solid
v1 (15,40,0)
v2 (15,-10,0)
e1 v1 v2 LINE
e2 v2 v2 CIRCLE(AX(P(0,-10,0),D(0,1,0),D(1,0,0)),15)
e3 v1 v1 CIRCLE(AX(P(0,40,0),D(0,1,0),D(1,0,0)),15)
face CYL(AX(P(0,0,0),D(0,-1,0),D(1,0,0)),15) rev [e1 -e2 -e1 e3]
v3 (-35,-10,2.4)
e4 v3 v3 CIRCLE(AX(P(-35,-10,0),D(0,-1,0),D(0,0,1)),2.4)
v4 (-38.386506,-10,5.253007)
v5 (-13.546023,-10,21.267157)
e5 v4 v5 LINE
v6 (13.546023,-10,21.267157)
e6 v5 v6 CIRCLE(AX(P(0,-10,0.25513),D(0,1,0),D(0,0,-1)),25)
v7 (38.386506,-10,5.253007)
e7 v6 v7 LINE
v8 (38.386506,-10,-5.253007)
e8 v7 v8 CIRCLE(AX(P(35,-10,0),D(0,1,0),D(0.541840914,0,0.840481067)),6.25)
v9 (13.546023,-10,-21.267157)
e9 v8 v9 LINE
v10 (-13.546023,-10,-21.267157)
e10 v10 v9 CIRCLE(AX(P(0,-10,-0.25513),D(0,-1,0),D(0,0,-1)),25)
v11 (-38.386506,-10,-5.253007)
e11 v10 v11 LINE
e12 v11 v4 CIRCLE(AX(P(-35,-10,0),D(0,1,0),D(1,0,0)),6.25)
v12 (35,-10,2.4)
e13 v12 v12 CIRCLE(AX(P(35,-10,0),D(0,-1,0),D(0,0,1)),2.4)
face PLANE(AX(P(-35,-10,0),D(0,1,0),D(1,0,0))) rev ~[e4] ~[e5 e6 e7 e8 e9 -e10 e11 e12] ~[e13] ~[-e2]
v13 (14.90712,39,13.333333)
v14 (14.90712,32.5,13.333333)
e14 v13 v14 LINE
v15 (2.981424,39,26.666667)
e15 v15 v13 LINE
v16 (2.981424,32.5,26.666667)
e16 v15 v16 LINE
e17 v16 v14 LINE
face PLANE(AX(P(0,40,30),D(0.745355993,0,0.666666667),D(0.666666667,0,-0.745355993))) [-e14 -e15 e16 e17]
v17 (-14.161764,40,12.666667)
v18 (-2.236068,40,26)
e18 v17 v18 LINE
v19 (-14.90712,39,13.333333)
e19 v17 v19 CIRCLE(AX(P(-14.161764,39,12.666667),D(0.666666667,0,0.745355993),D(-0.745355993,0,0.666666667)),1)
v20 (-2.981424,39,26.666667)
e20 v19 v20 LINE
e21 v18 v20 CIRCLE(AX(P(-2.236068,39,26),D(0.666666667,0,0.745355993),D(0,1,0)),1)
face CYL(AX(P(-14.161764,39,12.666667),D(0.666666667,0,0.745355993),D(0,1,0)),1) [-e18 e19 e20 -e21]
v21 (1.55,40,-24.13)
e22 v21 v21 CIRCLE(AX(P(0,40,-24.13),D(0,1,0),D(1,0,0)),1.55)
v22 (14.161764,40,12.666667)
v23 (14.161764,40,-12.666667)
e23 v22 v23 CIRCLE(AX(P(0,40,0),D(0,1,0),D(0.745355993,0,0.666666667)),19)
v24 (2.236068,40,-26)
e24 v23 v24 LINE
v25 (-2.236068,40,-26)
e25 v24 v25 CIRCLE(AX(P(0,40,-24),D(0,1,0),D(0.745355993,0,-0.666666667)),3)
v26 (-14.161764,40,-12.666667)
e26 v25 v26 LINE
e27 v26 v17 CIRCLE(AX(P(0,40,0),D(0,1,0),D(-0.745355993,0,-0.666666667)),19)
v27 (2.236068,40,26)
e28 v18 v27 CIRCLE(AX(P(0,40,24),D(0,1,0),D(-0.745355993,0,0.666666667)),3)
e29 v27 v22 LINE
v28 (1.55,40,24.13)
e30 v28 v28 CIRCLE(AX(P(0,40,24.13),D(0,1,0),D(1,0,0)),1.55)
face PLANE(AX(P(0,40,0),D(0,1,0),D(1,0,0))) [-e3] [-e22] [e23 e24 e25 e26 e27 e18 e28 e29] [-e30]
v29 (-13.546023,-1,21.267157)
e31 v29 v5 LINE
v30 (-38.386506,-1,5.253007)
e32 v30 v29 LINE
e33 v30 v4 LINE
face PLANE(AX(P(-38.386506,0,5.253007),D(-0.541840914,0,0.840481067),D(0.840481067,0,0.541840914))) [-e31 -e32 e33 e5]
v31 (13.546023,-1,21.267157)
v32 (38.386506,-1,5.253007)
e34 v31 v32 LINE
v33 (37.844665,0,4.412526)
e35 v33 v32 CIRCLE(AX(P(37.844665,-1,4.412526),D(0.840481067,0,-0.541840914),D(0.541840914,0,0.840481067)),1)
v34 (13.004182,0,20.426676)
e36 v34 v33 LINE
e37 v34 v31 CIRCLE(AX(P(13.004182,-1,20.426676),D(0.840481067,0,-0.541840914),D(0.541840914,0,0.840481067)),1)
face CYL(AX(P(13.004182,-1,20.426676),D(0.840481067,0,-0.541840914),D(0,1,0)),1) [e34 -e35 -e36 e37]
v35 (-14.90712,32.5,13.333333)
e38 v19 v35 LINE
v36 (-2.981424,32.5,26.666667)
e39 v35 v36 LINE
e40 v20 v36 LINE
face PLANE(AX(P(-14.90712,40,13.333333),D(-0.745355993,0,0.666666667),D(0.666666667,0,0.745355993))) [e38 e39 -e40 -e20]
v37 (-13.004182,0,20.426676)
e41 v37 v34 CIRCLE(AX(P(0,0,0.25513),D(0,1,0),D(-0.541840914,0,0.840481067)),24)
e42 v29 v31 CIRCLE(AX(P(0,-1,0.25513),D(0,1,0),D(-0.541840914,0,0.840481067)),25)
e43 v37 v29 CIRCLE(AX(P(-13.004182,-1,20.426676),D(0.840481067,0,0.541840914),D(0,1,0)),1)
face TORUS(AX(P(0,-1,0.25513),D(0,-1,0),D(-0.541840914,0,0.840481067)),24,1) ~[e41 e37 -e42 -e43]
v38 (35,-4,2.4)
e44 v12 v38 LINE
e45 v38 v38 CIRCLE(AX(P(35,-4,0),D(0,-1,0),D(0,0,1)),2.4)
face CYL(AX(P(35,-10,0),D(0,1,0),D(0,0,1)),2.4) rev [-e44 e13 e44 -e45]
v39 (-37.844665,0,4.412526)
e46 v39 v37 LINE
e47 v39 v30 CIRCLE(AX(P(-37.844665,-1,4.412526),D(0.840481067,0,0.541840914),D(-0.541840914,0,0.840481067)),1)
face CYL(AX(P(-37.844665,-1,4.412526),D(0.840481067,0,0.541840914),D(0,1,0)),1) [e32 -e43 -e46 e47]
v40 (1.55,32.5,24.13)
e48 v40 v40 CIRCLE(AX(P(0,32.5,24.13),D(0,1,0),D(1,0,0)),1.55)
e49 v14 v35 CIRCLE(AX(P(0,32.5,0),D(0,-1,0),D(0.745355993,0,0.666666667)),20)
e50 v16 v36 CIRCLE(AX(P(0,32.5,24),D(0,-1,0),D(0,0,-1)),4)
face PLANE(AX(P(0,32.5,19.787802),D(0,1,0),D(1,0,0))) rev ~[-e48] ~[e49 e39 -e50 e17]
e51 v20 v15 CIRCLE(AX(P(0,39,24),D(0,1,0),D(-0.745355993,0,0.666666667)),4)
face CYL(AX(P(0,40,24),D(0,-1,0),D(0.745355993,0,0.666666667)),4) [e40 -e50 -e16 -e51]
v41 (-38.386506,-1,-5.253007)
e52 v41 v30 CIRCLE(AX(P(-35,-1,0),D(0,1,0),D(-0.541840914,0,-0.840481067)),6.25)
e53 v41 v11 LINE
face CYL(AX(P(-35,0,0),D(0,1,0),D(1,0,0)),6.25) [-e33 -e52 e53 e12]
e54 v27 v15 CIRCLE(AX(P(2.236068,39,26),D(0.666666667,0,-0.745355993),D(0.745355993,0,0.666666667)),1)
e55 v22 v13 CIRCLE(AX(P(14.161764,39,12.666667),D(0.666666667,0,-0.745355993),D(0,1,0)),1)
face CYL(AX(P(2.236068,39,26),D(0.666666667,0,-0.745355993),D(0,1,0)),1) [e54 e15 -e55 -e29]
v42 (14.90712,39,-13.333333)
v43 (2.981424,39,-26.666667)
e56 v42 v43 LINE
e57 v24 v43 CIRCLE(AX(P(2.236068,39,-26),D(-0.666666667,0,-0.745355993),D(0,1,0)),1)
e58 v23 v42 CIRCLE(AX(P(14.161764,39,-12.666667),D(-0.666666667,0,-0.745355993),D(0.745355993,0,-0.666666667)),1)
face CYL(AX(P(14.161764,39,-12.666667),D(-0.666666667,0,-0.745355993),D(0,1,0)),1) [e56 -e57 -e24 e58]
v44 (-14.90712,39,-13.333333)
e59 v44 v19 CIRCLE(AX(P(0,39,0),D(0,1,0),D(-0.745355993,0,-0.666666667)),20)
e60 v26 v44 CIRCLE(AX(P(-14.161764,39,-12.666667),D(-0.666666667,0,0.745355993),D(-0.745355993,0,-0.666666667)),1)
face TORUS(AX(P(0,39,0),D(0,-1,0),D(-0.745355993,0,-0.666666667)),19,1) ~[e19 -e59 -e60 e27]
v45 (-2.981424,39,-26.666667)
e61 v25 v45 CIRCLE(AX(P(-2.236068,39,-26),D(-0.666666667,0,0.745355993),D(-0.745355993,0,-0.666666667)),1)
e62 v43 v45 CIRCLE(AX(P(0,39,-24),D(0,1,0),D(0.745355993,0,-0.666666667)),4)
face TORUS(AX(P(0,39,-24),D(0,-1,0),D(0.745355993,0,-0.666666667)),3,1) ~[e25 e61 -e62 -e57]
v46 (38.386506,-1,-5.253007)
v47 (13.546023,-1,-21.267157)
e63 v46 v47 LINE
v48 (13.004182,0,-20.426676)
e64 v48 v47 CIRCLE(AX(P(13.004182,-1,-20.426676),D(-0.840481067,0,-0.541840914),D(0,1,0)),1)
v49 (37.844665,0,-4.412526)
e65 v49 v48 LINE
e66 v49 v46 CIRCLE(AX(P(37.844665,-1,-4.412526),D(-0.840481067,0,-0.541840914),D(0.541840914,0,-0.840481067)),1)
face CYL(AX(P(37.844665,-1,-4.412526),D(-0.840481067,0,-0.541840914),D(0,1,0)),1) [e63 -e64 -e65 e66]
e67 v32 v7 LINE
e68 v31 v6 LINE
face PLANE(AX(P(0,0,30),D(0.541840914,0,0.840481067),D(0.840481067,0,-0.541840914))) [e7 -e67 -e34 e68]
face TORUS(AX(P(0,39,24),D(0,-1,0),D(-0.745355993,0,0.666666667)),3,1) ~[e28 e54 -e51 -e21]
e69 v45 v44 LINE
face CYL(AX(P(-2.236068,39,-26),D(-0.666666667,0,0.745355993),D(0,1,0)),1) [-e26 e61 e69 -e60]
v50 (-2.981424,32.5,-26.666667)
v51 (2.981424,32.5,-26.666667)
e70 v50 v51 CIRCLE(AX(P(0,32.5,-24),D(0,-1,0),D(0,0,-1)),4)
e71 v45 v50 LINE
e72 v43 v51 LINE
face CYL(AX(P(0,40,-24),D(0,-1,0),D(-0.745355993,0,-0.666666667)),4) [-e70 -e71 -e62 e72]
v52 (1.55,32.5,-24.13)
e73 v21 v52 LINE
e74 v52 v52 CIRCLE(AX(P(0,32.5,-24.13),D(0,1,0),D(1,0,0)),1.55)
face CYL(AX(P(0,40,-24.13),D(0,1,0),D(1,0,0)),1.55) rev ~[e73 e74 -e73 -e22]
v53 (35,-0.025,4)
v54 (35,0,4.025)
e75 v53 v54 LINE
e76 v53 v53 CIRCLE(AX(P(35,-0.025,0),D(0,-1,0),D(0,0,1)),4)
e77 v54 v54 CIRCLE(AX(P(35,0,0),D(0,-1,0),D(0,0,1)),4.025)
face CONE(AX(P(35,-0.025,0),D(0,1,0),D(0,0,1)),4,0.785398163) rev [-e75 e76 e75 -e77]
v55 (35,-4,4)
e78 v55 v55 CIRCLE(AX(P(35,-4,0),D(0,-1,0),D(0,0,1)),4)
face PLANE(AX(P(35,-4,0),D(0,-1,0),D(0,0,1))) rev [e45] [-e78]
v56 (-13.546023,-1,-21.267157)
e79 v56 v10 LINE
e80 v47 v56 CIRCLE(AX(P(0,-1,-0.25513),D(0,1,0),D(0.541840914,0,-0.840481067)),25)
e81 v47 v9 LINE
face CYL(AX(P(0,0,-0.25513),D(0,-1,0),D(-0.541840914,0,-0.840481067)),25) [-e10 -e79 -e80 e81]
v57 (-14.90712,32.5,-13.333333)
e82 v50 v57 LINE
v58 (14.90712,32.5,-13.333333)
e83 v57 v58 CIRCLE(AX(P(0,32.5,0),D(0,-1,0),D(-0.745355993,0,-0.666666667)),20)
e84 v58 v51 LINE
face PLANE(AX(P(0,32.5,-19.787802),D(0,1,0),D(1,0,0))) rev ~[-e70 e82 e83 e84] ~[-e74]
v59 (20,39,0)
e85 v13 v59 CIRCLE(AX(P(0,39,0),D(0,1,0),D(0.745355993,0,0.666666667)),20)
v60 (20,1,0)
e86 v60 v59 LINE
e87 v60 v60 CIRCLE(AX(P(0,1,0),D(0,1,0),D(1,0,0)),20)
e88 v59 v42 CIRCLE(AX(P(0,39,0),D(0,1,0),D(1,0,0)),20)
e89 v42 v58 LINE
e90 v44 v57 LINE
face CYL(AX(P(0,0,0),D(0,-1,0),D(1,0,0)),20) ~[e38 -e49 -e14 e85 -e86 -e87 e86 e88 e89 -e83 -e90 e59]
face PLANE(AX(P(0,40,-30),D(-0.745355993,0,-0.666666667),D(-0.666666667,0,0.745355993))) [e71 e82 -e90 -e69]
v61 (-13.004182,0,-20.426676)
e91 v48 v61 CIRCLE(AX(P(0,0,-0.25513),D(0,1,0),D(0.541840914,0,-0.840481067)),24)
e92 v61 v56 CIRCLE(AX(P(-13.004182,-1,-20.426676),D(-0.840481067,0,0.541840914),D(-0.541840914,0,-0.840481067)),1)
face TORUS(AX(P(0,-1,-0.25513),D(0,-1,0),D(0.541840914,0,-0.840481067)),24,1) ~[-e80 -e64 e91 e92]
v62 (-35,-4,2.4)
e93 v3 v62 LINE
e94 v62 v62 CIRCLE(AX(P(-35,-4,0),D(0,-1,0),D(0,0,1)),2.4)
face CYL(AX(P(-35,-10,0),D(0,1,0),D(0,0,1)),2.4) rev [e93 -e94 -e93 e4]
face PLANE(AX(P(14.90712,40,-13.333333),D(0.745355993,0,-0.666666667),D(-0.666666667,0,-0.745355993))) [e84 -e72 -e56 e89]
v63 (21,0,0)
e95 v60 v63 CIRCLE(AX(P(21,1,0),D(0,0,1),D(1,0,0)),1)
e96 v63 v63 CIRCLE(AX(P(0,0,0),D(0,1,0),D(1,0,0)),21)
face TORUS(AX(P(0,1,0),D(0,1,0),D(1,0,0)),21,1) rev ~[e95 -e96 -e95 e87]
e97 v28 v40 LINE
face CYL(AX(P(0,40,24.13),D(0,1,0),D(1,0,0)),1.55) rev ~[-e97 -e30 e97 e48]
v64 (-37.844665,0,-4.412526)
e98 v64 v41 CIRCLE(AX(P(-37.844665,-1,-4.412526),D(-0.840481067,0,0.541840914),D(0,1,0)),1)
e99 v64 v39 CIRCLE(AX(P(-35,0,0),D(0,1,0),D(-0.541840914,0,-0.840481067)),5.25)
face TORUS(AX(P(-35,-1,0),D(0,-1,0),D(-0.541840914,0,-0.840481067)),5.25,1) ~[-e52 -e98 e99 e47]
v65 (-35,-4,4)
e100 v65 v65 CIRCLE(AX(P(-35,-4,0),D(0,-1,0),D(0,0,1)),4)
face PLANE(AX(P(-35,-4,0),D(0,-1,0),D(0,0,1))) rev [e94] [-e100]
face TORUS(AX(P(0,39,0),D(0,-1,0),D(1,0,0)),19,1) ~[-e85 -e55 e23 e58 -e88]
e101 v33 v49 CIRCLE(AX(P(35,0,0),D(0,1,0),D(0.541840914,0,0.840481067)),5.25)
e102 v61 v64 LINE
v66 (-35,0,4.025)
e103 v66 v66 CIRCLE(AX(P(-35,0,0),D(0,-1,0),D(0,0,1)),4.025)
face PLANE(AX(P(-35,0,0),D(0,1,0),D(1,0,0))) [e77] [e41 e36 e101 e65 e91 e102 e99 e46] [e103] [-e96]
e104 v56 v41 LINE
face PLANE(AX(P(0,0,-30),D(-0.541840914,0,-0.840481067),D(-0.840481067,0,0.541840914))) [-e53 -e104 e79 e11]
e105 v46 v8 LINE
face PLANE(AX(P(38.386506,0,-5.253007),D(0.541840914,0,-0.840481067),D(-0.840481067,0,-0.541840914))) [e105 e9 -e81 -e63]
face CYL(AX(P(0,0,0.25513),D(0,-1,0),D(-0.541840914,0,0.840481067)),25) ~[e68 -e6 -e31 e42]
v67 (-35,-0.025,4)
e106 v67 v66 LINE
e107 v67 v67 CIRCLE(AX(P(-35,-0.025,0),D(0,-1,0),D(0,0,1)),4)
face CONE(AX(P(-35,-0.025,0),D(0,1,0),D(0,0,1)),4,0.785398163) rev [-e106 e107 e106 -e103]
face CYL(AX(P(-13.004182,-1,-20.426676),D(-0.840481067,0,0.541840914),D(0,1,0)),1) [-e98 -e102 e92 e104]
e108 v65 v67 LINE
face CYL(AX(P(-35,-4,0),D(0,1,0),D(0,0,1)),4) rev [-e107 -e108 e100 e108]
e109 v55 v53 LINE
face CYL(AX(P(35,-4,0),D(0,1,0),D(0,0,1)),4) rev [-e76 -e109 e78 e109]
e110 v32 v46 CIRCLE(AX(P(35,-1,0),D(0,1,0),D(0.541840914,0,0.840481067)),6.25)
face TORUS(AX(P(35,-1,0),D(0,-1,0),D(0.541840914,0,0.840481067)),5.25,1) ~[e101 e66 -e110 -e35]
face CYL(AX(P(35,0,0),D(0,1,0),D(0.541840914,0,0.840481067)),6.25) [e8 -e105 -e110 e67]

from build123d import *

# Parameters (mm, degrees)
SKETCH1_R                     = 6.25
SKETCH1_R_2                   = 20
SKETCH1_R_3                   = 15
SKETCH1_R_4                   = 1.55
BOSS_EXTRUDE1_DEPTH           = 10
SKETCH1_3_R                   = 20
SKETCH1_3_R_2                 = 15
BOSS_EXTRUDE2_DEPTH           = 40
BOSS_EXTRUDE3_START           = 40
SKETCH1_4_R                   = 1.55
BOSS_EXTRUDE3_DEPTH           = 7.5
CBORE_FOR_M4_SHCS1_AT_2_COUNT = 2
CBORE_FOR_M4_SHCS1_AT_2_PITCH = 70
FILLET1_R                     = 25
FILLET3_R                     = 4
FILLET2_R                     = 1


with BuildPart() as part:
    # Sketch1 → Boss-Extrude1 (new body)
    with BuildSketch(Plane(origin=(0, 0, 0), x_dir=(1, 0, 0), z_dir=(0, 1, 0))):
        with Locations((-35, 0)):
            Circle(SKETCH1_R)
        with BuildLine():
            Line((0, 30), (-38.386505715, 5.253006667))
            ThreePointArc((-38.386505715, 5.253006667), (-32.008609079, 5.487629758), (-28.75, 0))
            ThreePointArc((-28.75, 0), (-32.008609079, -5.487629758), (-38.386505715, -5.253006667))
            Line((-38.386505715, -5.253006667), (0, -30))
            Line((0, -30), (-14.90711985, -13.333333333))
            ThreePointArc((-14.90711985, -13.333333333), (-20, 0), (-14.90711985, 13.333333333))
            Line((-14.90711985, 13.333333333), (0, 30))
        make_face()
        Circle(SKETCH1_R_2)
        Circle(SKETCH1_R_3, mode=Mode.SUBTRACT)
        with BuildLine():
            Line((14.90711985, 13.333333333), (0, 30))
            Line((0, 30), (-14.90711985, 13.333333333))
            ThreePointArc((-14.90711985, 13.333333333), (0, 20), (14.90711985, 13.333333333))
        make_face()
        with Locations((0, 24.13)):
            Circle(SKETCH1_R_4, mode=Mode.SUBTRACT)
        with Locations((0, 24.13)):
            Circle(SKETCH1_R_4)
        with BuildLine():
            Line((38.386505715, 5.253006667), (0, 30))
            Line((0, 30), (14.90711985, 13.333333333))
            ThreePointArc((14.90711985, 13.333333333), (18.683447179, 7.136441795), (20, 0))
            ThreePointArc((20, 0), (18.683447179, -7.136441795), (14.90711985, -13.333333333))
            Line((14.90711985, -13.333333333), (0, -30))
            Line((0, -30), (38.386505715, -5.253006667))
            ThreePointArc((38.386505715, -5.253006667), (28.75, 0), (38.386505715, 5.253006667))
        make_face()
        with BuildLine():
            Line((-14.90711985, -13.333333333), (0, -30))
            Line((0, -30), (14.90711985, -13.333333333))
            ThreePointArc((14.90711985, -13.333333333), (0, -20), (-14.90711985, -13.333333333))
        make_face()
        with Locations((0, -24.13)):
            Circle(SKETCH1_R_4, mode=Mode.SUBTRACT)
        with Locations((0, -24.13)):
            Circle(SKETCH1_R_4)
        with Locations((35, 0)):
            Circle(SKETCH1_R)
    extrude(amount=-BOSS_EXTRUDE1_DEPTH)

    # Sketch1<3> → Boss-Extrude2 (add)
    with BuildSketch(Plane(origin=(0, 0, 0), x_dir=(1, 0, 0), z_dir=(0, 1, 0))):
        Circle(SKETCH1_3_R)
        Circle(SKETCH1_3_R_2, mode=Mode.SUBTRACT)
    extrude(amount=BOSS_EXTRUDE2_DEPTH)

    # Sketch1<4> → Boss-Extrude3 (add)
    with BuildSketch(Plane(origin=(0, 0, 0), x_dir=(1, 0, 0), z_dir=(0, 1, 0)).offset(BOSS_EXTRUDE3_START)):
        with BuildLine():
            Line((14.90711985, 13.333333333), (0, 30))
            Line((0, 30), (-14.90711985, 13.333333333))
            ThreePointArc((-14.90711985, 13.333333333), (0, 20), (14.90711985, 13.333333333))
        make_face()
        with Locations((0, 24.13)):
            Circle(SKETCH1_4_R, mode=Mode.SUBTRACT)
        with BuildLine():
            Line((-14.90711985, -13.333333333), (0, -30))
            Line((0, -30), (14.90711985, -13.333333333))
            ThreePointArc((14.90711985, -13.333333333), (0, -20), (-14.90711985, -13.333333333))
        make_face()
        with Locations((0, -24.13)):
            Circle(SKETCH1_4_R, mode=Mode.SUBTRACT)
    extrude(amount=-BOSS_EXTRUDE3_DEPTH)

    # Sketch3 → CBORE for M4 SHCS1 (revolve, cut)
    with BuildSketch(Plane(origin=(-35, 0, 0), x_dir=(0, 0, 1), z_dir=(1, 0, 0))):
        Polygon((0, 0), (0, 11.442065486), (2.4, 10), (2.4, 4), (4, 4), (4, 0.025), (4.025, 0), align=None)
    cbore_for_m4_shcs1 = revolve(axis=Axis((-35, 6.35, 0), (0, -1, 0)), mode=Mode.SUBTRACT)

    # CBORE for M4 SHCS1 at 2: CBORE for M4 SHCS1 ×2
    with Locations(*[(i * CBORE_FOR_M4_SHCS1_AT_2_PITCH, 0, 0) for i in range(1, CBORE_FOR_M4_SHCS1_AT_2_COUNT)]):
        add(cbore_for_m4_shcs1, mode=Mode.SUBTRACT)

    # Fillet1
    fillet1_edges = [part.edges().sort_by_distance(p)[0] for p in [
        (0, -5, -30),
        (0, -5, 30),
    ]]
    fillet(fillet1_edges, radius=FILLET1_R)

    # Fillet3
    fillet3_edges = [part.edges().sort_by_distance(p)[0] for p in [
        (0, 36.25, -30),
        (0, 36.25, 30),
    ]]
    fillet(fillet3_edges, radius=FILLET3_R)

    # Fillet2
    fillet2_edges = [part.edges().sort_by_distance(p)[0] for p in [
        (41.25, 0, 0),
        (-25.966264287, 0, 13.260081708),
        (-20, 0, 0),
        (-20, 40, 0),
        (-8.94427191, 40, -20),
        (8.94427191, 40, -20),
        (18.683447179, 40, 7.136441795),
        (8.94427191, 40, 20),
        (-8.94427191, 40, 20),
        (25.966264287, 0, -13.260081708),
        (25.966264287, 0, 13.260081708),
        (0, 0, 25.25513008),
        (0, 0, -25.25513008),
        (-41.25, 0, 0),
        (0, 40, 28),
        (0, 40, -28),
        (-25.966264287, 0, -13.260081708),
    ]]
    fillet(fillet2_edges, radius=FILLET2_R)


solid = part.part
